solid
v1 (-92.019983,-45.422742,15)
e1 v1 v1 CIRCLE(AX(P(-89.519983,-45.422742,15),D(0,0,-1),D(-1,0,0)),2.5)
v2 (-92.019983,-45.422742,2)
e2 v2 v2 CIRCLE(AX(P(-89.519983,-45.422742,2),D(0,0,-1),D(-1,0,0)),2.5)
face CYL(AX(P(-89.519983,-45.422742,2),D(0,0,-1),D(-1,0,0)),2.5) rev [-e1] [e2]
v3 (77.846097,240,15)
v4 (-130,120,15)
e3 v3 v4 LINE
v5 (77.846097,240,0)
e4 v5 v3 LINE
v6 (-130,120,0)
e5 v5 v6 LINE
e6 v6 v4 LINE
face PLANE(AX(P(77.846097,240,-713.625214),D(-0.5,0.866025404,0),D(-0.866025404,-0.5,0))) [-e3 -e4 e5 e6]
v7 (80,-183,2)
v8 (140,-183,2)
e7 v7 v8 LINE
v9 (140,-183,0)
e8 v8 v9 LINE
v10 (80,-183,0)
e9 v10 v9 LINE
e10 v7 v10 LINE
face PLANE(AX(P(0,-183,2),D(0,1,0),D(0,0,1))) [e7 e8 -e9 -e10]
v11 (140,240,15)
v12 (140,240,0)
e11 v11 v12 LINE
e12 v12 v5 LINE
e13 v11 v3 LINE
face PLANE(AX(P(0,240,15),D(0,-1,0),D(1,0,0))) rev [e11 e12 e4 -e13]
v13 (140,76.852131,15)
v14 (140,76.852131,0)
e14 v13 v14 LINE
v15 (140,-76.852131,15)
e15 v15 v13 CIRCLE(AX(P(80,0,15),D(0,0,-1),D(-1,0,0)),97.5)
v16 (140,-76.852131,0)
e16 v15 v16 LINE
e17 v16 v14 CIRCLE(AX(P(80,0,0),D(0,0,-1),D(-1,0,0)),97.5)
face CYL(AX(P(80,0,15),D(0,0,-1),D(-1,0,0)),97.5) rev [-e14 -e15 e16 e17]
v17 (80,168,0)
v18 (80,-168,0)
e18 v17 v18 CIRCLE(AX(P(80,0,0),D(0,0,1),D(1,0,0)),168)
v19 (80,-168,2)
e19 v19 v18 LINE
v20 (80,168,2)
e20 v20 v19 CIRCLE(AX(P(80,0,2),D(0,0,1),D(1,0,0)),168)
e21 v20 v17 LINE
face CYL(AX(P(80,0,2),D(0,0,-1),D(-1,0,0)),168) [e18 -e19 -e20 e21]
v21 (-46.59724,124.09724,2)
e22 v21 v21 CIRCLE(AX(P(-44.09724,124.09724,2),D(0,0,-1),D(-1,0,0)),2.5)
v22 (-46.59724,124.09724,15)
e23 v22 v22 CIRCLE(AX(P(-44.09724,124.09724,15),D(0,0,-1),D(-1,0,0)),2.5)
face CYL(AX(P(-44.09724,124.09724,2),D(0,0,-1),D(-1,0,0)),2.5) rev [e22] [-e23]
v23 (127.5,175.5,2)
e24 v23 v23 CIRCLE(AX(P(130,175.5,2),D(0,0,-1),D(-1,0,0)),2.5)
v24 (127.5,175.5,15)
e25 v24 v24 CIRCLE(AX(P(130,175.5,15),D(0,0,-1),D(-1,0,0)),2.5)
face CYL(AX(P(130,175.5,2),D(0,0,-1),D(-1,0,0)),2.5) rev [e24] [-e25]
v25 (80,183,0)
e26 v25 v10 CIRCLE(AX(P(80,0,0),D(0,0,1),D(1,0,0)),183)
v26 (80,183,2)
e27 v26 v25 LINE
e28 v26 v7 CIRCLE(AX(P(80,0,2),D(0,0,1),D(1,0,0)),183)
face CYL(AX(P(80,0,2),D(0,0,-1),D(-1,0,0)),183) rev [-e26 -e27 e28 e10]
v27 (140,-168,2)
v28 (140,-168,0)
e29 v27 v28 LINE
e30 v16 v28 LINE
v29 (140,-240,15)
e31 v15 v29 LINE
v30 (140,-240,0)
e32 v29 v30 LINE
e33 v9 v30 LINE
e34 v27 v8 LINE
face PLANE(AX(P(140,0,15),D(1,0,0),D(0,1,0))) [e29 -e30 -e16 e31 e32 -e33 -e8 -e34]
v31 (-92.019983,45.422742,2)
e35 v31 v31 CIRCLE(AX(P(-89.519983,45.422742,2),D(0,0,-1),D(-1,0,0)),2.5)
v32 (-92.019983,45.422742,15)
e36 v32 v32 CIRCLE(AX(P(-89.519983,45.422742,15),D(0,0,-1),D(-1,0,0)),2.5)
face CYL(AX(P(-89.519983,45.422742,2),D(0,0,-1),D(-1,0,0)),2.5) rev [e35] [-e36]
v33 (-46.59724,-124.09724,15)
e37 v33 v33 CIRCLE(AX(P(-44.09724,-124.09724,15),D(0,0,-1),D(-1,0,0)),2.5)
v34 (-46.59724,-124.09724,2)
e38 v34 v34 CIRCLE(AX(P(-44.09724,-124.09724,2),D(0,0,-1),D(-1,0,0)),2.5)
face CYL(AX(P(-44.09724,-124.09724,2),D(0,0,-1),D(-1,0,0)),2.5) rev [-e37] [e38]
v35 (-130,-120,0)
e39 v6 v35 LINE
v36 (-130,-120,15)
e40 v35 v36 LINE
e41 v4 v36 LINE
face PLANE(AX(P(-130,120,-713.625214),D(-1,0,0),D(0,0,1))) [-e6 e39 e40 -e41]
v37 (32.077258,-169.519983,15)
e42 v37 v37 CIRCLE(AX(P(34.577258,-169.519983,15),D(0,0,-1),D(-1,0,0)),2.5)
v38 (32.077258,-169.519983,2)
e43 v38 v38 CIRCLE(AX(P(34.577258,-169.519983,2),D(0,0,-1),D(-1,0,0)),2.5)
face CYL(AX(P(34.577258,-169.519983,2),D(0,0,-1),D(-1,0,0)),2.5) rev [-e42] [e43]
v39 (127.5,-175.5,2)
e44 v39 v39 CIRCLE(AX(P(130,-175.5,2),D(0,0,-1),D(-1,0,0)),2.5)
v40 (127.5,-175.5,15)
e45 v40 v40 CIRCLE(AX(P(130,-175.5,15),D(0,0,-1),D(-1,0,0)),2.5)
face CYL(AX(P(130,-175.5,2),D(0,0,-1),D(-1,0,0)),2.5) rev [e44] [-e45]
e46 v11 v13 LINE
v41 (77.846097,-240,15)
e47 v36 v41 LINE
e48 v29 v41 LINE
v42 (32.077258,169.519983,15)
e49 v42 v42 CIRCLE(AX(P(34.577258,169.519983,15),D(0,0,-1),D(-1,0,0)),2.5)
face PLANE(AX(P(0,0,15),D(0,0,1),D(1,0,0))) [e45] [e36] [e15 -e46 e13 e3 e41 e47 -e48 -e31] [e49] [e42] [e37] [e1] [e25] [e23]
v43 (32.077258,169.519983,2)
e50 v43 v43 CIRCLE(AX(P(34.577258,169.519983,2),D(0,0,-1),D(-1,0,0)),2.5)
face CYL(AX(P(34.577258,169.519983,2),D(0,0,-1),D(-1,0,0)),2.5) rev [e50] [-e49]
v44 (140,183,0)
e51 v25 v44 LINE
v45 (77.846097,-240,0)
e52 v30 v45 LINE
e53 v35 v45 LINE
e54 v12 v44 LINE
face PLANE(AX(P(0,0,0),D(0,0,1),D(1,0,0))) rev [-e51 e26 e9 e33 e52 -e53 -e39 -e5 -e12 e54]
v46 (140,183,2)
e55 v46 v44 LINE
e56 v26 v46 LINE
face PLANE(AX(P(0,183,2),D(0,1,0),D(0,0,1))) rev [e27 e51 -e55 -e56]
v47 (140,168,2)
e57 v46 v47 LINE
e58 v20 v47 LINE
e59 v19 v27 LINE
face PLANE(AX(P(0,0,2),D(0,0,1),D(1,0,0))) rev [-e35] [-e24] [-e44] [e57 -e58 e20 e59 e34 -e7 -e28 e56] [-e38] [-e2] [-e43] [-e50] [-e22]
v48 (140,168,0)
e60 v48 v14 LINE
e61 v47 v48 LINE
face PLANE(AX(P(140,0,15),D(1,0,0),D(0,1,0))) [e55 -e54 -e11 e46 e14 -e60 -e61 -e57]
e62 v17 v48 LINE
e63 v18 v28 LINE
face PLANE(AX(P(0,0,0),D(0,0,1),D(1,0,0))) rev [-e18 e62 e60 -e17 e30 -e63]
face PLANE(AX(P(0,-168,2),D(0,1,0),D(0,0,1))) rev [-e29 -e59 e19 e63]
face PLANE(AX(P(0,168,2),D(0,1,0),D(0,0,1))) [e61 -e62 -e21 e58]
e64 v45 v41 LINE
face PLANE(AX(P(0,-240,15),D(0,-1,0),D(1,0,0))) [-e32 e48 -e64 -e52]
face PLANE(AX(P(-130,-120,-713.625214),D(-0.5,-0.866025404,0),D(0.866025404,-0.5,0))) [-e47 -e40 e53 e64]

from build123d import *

# Parameters (mm, degrees)
EXTRUDE_1_DEPTH          = 15
CUT_EXTRUDE_2_DEPTH      = 2
SKETCH_2_R               = 97.5
CUT_EXTRUDE_3_DEPTH      = 279.25348156
CUT_EXTRUDE_4_DEPTH      = 279.25348156
CUT_EXTRUDE_4_DEPTH_BACK = 279.25348156
HOLE_WIZARD_M6_1_D       = 5


with BuildPart() as part:
    # 草图1 → 凸台-拉伸1 (new body)
    with BuildSketch(Plane.XY):
        with BuildLine():
            Line((140, 183), (140, 240))
            Line((140, 240), (-140, 240))
            Line((-140, 240), (-140, -240))
            Line((-140, -240), (140, -240))
            Line((140, -240), (140, -183))
            Line((140, -183), (80, -183))
            ThreePointArc((80, -183), (-103, 0), (80, 183))
            Line((80, 183), (140, 183))
        make_face()
        with BuildLine():
            Line((140, -168), (140, 168))
            Line((140, 168), (80, 168))
            ThreePointArc((80, 168), (-88, 0), (80, -168))
            Line((80, -168), (140, -168))
        make_face()
        with BuildLine():
            Line((140, 168), (140, 183))
            Line((140, 183), (80, 183))
            ThreePointArc((80, 183), (-103, 0), (80, -183))
            Line((80, -183), (140, -183))
            Line((140, -183), (140, -168))
            Line((140, -168), (80, -168))
            ThreePointArc((80, -168), (-88, 0), (80, 168))
            Line((80, 168), (140, 168))
        make_face()
    extrude(amount=EXTRUDE_1_DEPTH)

    # 草图1<4> → 切除-拉伸2 (cut)
    with BuildSketch(Plane.XY):
        with BuildLine():
            Line((140, 168), (140, 183))
            Line((140, 183), (80, 183))
            ThreePointArc((80, 183), (-103, 0), (80, -183))
            Line((80, -183), (140, -183))
            Line((140, -183), (140, -168))
            Line((140, -168), (80, -168))
            ThreePointArc((80, -168), (-88, 0), (80, 168))
            Line((80, 168), (140, 168))
        make_face()
    extrude(amount=CUT_EXTRUDE_2_DEPTH, mode=Mode.SUBTRACT)

    # 草图2 → 切除-拉伸3 (cut, through all)
    with BuildSketch(Plane(origin=(0, 0, 0), x_dir=(-1, 0, 0), z_dir=(0, 0, -1))):
        with Locations((-80, 0)):
            Circle(SKETCH_2_R)
    extrude(amount=-CUT_EXTRUDE_3_DEPTH, mode=Mode.SUBTRACT)

    # 草图3 → 切除-拉伸4 (cut, two sides: drawn at the far end of the back side and taken through both)
    with BuildSketch(Plane(origin=(0, 0, 0), x_dir=(-1, 0, 0), z_dir=(0, 0, -1)).offset(-CUT_EXTRUDE_4_DEPTH_BACK)):
        Polygon((140, 240), (-77.846096908, 240), (130, 120), (130, -120), (-77.846096908, -240), (140, -240), align=None)
    extrude(amount=CUT_EXTRUDE_4_DEPTH + CUT_EXTRUDE_4_DEPTH_BACK, mode=Mode.SUBTRACT)

    # M6 螺纹孔1 (through all)
    with Locations(Plane(origin=(0, 0, 2), x_dir=(-1, 0, 0), z_dir=(0, 0, -1))):
        with Locations((-34.577257585, -169.519982514), (44.097240098, -124.097240098), (89.519982514, -45.422742415), (89.519982514, 45.422742415), (44.097240098, 124.097240098), (-34.577257585, 169.519982514), (-130, 175.5), (-130, -175.5)):
            Hole(HOLE_WIZARD_M6_1_D / 2)


solid = part.part
